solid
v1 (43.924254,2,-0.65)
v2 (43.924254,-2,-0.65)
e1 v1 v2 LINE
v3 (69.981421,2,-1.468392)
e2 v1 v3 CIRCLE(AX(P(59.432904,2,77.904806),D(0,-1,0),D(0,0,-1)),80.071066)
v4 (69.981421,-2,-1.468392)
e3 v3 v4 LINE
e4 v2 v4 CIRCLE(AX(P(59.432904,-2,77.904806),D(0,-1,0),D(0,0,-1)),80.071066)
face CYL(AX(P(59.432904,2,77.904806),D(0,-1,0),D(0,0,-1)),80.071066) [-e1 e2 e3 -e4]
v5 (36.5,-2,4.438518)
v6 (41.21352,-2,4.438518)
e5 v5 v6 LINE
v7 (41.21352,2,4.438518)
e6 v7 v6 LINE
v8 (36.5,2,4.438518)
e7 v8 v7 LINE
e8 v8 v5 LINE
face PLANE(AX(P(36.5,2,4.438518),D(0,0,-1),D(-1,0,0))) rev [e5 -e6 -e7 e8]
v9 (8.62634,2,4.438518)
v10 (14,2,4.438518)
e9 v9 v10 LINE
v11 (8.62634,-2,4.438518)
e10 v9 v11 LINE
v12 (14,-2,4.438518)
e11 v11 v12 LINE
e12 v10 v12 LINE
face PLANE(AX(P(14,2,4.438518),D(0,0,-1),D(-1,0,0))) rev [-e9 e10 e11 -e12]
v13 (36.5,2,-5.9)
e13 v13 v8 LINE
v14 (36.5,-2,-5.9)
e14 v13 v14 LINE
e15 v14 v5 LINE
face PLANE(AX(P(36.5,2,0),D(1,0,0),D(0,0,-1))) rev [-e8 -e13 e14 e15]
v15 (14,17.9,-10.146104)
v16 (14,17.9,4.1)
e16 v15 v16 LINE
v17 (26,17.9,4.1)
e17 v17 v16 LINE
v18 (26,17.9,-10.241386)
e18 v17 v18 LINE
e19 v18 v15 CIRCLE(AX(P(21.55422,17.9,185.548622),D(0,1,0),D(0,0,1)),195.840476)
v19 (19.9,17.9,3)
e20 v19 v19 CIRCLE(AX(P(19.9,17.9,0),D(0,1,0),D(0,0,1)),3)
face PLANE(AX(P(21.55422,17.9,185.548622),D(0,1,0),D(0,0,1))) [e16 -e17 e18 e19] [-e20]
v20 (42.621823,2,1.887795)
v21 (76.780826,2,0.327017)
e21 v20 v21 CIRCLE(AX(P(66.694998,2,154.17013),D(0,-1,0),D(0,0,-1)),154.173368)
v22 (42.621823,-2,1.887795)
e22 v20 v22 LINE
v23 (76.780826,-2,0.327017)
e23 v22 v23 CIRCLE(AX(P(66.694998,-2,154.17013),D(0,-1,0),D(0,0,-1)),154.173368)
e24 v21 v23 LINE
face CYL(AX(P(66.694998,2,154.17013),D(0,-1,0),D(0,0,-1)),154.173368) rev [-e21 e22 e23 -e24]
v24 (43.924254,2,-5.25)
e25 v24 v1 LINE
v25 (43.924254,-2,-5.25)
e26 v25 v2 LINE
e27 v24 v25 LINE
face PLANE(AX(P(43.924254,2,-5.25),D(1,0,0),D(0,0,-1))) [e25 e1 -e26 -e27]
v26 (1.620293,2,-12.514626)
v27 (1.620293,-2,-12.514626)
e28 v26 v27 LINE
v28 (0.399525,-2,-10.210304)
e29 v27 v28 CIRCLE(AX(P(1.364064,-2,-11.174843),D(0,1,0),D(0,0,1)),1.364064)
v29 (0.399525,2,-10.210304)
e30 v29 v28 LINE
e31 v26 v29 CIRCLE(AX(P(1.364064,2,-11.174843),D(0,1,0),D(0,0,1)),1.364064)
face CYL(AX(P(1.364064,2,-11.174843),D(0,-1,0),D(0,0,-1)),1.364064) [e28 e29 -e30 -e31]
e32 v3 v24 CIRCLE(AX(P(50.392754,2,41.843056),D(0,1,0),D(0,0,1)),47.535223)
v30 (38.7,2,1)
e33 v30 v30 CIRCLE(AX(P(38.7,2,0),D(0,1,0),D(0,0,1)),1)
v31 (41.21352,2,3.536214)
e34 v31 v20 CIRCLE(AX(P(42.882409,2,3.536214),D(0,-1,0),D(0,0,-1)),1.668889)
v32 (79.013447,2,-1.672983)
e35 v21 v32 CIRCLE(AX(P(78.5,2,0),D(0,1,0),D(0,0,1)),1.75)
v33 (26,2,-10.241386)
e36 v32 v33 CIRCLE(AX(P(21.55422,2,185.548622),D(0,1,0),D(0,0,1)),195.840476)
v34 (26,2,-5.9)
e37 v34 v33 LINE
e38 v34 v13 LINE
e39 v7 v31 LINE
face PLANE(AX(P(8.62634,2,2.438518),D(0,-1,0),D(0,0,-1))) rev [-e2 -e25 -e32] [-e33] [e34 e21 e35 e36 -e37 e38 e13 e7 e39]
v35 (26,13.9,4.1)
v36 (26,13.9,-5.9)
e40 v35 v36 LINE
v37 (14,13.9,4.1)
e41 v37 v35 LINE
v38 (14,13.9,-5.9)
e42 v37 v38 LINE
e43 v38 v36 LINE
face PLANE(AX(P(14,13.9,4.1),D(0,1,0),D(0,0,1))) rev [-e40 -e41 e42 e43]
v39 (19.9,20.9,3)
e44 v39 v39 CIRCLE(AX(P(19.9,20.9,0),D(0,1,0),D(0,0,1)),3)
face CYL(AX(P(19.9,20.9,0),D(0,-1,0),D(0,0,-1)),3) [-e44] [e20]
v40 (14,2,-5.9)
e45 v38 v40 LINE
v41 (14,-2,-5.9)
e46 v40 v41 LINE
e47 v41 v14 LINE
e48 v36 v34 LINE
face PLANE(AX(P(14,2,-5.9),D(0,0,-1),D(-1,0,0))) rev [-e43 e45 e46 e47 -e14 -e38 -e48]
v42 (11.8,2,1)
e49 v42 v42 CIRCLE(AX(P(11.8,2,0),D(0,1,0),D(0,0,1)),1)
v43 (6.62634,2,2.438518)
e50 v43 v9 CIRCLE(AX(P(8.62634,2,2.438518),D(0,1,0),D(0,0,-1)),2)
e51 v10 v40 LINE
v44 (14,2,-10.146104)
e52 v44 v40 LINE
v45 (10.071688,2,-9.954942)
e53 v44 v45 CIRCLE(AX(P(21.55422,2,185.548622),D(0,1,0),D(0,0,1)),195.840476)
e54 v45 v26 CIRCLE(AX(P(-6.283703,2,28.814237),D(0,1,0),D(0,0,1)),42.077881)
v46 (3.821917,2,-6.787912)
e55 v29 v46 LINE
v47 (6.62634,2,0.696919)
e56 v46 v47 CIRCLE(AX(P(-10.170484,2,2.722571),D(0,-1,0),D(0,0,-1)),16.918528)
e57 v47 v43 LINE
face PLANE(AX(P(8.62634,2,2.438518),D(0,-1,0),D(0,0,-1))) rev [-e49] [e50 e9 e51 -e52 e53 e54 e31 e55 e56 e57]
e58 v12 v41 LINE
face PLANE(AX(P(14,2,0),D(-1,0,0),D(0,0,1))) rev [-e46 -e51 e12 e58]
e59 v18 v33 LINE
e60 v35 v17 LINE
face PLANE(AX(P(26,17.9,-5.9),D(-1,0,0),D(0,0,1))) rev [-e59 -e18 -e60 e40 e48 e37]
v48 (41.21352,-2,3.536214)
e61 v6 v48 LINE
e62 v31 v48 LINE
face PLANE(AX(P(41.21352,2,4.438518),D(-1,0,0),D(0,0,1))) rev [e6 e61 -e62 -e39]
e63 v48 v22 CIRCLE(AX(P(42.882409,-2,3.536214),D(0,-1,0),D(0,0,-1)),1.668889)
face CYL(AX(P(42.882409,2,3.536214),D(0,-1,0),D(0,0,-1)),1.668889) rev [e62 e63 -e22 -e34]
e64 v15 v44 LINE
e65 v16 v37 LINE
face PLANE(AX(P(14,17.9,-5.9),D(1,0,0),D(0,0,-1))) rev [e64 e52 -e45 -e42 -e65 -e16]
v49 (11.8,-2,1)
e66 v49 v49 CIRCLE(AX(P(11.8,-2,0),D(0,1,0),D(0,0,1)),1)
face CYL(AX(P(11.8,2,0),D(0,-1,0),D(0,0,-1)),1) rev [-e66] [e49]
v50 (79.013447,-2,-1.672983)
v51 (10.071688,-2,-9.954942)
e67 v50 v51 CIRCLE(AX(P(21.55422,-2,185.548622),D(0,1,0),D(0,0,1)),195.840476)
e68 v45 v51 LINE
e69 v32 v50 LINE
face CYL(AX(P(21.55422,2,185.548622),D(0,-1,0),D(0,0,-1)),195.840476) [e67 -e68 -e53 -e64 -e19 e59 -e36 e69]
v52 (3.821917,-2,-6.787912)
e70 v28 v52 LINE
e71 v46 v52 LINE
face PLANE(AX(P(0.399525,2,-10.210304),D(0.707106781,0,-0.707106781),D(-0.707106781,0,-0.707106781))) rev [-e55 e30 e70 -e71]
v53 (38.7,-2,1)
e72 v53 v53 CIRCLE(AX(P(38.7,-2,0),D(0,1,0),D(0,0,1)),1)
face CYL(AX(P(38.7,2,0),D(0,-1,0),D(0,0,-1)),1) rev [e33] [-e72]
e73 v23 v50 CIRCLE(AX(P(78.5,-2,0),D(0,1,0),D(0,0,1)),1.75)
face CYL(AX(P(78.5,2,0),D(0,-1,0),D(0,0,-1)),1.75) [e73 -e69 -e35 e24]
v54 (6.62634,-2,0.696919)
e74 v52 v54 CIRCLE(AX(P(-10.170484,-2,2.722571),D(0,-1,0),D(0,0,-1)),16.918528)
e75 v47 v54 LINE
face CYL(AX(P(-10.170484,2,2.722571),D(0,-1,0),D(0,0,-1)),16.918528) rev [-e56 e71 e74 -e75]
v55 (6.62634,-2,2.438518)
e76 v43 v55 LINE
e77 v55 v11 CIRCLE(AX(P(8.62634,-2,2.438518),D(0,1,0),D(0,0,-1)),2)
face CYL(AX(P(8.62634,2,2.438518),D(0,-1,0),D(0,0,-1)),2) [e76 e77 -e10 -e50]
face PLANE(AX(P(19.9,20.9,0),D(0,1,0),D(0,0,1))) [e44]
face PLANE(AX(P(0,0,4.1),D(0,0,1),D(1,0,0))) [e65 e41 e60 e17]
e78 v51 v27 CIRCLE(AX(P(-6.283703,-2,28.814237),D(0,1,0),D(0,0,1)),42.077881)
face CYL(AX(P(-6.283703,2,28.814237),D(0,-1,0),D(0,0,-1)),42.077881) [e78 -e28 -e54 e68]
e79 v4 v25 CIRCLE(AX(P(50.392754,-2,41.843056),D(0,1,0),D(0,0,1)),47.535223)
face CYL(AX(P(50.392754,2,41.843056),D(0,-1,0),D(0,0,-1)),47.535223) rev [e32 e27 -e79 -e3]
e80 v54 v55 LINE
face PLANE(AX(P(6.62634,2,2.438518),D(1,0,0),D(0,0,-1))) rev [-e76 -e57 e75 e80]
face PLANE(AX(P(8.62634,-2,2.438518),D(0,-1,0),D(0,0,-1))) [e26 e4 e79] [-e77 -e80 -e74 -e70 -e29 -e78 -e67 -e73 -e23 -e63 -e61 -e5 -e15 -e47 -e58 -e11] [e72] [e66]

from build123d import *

# Parameters (mm, degrees)
SKETCH1_R           = 1
BOSS_EXTRUDE1_DEPTH = 2
BOSS_EXTRUDE2_START = 15.9
BOSS_EXTRUDE2_DEPTH = 15.9
SKETCH3_W           = 12
SKETCH3_H           = 4
BOSS_EXTRUDE3_DEPTH = 10
SKETCH5_R           = 3
BOSS_EXTRUDE4_DEPTH = 3


with BuildPart() as part:
    # Sketch1 → Boss-Extrude1 (new, symmetric)
    with BuildSketch(Plane(origin=(0, 0, 0), x_dir=(1, 0, 0), z_dir=(0, 1, 0))):
        with BuildLine():
            Line((14, 0), (14, 5.9))
            Line((14, 5.9), (36.5, 5.9))
            Line((36.5, 5.9), (36.5, 0))
            Line((36.5, 0), (36.5, -4.438518159))
            Line((36.5, -4.438518159), (41.213519663, -4.438518159))
            Line((41.213519663, -4.438518159), (41.213519663, -3.536214297))
            ThreePointArc((41.213519663, -3.536214297), (41.613535265, -2.452170394), (42.621822841, -1.887794784))
            ThreePointArc((42.621822841, -1.887794784), (59.657919167, -0.157445784), (76.780825793, -0.327016892))
            ThreePointArc((76.780825793, -0.327016892), (79.667666349, -1.303478154), (79.013446705, 1.672983108))
            ThreePointArc((79.013446705, 1.672983108), (44.912555428, 8.893863941), (10.071688353, 9.954942307))
            ThreePointArc((10.071688353, 9.954942307), (5.913323938, 11.457100516), (1.620293164, 12.514626243))
            ThreePointArc((1.620293164, 12.514626243), (0.158700912, 11.813412309), (0.399525234, 10.21030391))
            Line((0.399525234, 10.21030391), (3.821916897, 6.787912247))
            ThreePointArc((3.821916897, 6.787912247), (5.672488258, 3.21348854), (6.62634024, -0.696918803))
            Line((6.62634024, -0.696918803), (6.62634024, -2.438518159))
            ThreePointArc((6.62634024, -2.438518159), (7.212126678, -3.852731721), (8.62634024, -4.438518159))
            Line((8.62634024, -4.438518159), (14, -4.438518159))
            Line((14, -4.438518159), (14, 0))
        make_face()
        with Locations(Location((11.8, 0, 0), (0, 0, 270))):
            Circle(SKETCH1_R, mode=Mode.SUBTRACT)
        with Locations(Location((38.7, 0, 0), (0, 0, 270))):
            Circle(SKETCH1_R, mode=Mode.SUBTRACT)
        with BuildLine():
            Line((43.924254337, 5.25), (43.924254337, 0.65))
            ThreePointArc((43.924254337, 0.65), (56.919306874, 2.126797691), (69.981420933, 1.468391921))
            ThreePointArc((69.981420933, 1.468391921), (57.21989374, 5.199345781), (43.924254337, 5.25))
        make_face(mode=Mode.SUBTRACT)
    extrude(amount=BOSS_EXTRUDE1_DEPTH, both=True)

    # Sketch2 → Boss-Extrude2 (add)
    with BuildSketch(Plane(origin=(0, 2, 0), x_dir=(1, 0, 0), z_dir=(0, 1, 0)).offset(BOSS_EXTRUDE2_START)):
        with BuildLine():
            Line((14, 5.9), (14, 10.146104419))
            ThreePointArc((14, 10.146104419), (19.999270016, 10.285681215), (26, 10.241385974))
            Line((26, 10.241385974), (26, 5.9))
            Line((26, 5.9), (14, 5.9))
        make_face()
    extrude(amount=-BOSS_EXTRUDE2_DEPTH)

    # Sketch3 → Boss-Extrude3 (add)
    with BuildSketch(Plane.XY.offset(-5.9)):
        with Locations((20, 15.9)):
            Rectangle(SKETCH3_W, SKETCH3_H)
    extrude(amount=BOSS_EXTRUDE3_DEPTH)

    # Sketch5 → Boss-Extrude4 (add)
    with BuildSketch(Plane(origin=(0, 17.9, 0), x_dir=(1, 0, 0), z_dir=(0, 1, 0))):
        with Locations(Location((19.9, 0, 0), (0, 0, 270))):
            Circle(SKETCH5_R)
    extrude(amount=BOSS_EXTRUDE4_DEPTH)


solid = part.part
